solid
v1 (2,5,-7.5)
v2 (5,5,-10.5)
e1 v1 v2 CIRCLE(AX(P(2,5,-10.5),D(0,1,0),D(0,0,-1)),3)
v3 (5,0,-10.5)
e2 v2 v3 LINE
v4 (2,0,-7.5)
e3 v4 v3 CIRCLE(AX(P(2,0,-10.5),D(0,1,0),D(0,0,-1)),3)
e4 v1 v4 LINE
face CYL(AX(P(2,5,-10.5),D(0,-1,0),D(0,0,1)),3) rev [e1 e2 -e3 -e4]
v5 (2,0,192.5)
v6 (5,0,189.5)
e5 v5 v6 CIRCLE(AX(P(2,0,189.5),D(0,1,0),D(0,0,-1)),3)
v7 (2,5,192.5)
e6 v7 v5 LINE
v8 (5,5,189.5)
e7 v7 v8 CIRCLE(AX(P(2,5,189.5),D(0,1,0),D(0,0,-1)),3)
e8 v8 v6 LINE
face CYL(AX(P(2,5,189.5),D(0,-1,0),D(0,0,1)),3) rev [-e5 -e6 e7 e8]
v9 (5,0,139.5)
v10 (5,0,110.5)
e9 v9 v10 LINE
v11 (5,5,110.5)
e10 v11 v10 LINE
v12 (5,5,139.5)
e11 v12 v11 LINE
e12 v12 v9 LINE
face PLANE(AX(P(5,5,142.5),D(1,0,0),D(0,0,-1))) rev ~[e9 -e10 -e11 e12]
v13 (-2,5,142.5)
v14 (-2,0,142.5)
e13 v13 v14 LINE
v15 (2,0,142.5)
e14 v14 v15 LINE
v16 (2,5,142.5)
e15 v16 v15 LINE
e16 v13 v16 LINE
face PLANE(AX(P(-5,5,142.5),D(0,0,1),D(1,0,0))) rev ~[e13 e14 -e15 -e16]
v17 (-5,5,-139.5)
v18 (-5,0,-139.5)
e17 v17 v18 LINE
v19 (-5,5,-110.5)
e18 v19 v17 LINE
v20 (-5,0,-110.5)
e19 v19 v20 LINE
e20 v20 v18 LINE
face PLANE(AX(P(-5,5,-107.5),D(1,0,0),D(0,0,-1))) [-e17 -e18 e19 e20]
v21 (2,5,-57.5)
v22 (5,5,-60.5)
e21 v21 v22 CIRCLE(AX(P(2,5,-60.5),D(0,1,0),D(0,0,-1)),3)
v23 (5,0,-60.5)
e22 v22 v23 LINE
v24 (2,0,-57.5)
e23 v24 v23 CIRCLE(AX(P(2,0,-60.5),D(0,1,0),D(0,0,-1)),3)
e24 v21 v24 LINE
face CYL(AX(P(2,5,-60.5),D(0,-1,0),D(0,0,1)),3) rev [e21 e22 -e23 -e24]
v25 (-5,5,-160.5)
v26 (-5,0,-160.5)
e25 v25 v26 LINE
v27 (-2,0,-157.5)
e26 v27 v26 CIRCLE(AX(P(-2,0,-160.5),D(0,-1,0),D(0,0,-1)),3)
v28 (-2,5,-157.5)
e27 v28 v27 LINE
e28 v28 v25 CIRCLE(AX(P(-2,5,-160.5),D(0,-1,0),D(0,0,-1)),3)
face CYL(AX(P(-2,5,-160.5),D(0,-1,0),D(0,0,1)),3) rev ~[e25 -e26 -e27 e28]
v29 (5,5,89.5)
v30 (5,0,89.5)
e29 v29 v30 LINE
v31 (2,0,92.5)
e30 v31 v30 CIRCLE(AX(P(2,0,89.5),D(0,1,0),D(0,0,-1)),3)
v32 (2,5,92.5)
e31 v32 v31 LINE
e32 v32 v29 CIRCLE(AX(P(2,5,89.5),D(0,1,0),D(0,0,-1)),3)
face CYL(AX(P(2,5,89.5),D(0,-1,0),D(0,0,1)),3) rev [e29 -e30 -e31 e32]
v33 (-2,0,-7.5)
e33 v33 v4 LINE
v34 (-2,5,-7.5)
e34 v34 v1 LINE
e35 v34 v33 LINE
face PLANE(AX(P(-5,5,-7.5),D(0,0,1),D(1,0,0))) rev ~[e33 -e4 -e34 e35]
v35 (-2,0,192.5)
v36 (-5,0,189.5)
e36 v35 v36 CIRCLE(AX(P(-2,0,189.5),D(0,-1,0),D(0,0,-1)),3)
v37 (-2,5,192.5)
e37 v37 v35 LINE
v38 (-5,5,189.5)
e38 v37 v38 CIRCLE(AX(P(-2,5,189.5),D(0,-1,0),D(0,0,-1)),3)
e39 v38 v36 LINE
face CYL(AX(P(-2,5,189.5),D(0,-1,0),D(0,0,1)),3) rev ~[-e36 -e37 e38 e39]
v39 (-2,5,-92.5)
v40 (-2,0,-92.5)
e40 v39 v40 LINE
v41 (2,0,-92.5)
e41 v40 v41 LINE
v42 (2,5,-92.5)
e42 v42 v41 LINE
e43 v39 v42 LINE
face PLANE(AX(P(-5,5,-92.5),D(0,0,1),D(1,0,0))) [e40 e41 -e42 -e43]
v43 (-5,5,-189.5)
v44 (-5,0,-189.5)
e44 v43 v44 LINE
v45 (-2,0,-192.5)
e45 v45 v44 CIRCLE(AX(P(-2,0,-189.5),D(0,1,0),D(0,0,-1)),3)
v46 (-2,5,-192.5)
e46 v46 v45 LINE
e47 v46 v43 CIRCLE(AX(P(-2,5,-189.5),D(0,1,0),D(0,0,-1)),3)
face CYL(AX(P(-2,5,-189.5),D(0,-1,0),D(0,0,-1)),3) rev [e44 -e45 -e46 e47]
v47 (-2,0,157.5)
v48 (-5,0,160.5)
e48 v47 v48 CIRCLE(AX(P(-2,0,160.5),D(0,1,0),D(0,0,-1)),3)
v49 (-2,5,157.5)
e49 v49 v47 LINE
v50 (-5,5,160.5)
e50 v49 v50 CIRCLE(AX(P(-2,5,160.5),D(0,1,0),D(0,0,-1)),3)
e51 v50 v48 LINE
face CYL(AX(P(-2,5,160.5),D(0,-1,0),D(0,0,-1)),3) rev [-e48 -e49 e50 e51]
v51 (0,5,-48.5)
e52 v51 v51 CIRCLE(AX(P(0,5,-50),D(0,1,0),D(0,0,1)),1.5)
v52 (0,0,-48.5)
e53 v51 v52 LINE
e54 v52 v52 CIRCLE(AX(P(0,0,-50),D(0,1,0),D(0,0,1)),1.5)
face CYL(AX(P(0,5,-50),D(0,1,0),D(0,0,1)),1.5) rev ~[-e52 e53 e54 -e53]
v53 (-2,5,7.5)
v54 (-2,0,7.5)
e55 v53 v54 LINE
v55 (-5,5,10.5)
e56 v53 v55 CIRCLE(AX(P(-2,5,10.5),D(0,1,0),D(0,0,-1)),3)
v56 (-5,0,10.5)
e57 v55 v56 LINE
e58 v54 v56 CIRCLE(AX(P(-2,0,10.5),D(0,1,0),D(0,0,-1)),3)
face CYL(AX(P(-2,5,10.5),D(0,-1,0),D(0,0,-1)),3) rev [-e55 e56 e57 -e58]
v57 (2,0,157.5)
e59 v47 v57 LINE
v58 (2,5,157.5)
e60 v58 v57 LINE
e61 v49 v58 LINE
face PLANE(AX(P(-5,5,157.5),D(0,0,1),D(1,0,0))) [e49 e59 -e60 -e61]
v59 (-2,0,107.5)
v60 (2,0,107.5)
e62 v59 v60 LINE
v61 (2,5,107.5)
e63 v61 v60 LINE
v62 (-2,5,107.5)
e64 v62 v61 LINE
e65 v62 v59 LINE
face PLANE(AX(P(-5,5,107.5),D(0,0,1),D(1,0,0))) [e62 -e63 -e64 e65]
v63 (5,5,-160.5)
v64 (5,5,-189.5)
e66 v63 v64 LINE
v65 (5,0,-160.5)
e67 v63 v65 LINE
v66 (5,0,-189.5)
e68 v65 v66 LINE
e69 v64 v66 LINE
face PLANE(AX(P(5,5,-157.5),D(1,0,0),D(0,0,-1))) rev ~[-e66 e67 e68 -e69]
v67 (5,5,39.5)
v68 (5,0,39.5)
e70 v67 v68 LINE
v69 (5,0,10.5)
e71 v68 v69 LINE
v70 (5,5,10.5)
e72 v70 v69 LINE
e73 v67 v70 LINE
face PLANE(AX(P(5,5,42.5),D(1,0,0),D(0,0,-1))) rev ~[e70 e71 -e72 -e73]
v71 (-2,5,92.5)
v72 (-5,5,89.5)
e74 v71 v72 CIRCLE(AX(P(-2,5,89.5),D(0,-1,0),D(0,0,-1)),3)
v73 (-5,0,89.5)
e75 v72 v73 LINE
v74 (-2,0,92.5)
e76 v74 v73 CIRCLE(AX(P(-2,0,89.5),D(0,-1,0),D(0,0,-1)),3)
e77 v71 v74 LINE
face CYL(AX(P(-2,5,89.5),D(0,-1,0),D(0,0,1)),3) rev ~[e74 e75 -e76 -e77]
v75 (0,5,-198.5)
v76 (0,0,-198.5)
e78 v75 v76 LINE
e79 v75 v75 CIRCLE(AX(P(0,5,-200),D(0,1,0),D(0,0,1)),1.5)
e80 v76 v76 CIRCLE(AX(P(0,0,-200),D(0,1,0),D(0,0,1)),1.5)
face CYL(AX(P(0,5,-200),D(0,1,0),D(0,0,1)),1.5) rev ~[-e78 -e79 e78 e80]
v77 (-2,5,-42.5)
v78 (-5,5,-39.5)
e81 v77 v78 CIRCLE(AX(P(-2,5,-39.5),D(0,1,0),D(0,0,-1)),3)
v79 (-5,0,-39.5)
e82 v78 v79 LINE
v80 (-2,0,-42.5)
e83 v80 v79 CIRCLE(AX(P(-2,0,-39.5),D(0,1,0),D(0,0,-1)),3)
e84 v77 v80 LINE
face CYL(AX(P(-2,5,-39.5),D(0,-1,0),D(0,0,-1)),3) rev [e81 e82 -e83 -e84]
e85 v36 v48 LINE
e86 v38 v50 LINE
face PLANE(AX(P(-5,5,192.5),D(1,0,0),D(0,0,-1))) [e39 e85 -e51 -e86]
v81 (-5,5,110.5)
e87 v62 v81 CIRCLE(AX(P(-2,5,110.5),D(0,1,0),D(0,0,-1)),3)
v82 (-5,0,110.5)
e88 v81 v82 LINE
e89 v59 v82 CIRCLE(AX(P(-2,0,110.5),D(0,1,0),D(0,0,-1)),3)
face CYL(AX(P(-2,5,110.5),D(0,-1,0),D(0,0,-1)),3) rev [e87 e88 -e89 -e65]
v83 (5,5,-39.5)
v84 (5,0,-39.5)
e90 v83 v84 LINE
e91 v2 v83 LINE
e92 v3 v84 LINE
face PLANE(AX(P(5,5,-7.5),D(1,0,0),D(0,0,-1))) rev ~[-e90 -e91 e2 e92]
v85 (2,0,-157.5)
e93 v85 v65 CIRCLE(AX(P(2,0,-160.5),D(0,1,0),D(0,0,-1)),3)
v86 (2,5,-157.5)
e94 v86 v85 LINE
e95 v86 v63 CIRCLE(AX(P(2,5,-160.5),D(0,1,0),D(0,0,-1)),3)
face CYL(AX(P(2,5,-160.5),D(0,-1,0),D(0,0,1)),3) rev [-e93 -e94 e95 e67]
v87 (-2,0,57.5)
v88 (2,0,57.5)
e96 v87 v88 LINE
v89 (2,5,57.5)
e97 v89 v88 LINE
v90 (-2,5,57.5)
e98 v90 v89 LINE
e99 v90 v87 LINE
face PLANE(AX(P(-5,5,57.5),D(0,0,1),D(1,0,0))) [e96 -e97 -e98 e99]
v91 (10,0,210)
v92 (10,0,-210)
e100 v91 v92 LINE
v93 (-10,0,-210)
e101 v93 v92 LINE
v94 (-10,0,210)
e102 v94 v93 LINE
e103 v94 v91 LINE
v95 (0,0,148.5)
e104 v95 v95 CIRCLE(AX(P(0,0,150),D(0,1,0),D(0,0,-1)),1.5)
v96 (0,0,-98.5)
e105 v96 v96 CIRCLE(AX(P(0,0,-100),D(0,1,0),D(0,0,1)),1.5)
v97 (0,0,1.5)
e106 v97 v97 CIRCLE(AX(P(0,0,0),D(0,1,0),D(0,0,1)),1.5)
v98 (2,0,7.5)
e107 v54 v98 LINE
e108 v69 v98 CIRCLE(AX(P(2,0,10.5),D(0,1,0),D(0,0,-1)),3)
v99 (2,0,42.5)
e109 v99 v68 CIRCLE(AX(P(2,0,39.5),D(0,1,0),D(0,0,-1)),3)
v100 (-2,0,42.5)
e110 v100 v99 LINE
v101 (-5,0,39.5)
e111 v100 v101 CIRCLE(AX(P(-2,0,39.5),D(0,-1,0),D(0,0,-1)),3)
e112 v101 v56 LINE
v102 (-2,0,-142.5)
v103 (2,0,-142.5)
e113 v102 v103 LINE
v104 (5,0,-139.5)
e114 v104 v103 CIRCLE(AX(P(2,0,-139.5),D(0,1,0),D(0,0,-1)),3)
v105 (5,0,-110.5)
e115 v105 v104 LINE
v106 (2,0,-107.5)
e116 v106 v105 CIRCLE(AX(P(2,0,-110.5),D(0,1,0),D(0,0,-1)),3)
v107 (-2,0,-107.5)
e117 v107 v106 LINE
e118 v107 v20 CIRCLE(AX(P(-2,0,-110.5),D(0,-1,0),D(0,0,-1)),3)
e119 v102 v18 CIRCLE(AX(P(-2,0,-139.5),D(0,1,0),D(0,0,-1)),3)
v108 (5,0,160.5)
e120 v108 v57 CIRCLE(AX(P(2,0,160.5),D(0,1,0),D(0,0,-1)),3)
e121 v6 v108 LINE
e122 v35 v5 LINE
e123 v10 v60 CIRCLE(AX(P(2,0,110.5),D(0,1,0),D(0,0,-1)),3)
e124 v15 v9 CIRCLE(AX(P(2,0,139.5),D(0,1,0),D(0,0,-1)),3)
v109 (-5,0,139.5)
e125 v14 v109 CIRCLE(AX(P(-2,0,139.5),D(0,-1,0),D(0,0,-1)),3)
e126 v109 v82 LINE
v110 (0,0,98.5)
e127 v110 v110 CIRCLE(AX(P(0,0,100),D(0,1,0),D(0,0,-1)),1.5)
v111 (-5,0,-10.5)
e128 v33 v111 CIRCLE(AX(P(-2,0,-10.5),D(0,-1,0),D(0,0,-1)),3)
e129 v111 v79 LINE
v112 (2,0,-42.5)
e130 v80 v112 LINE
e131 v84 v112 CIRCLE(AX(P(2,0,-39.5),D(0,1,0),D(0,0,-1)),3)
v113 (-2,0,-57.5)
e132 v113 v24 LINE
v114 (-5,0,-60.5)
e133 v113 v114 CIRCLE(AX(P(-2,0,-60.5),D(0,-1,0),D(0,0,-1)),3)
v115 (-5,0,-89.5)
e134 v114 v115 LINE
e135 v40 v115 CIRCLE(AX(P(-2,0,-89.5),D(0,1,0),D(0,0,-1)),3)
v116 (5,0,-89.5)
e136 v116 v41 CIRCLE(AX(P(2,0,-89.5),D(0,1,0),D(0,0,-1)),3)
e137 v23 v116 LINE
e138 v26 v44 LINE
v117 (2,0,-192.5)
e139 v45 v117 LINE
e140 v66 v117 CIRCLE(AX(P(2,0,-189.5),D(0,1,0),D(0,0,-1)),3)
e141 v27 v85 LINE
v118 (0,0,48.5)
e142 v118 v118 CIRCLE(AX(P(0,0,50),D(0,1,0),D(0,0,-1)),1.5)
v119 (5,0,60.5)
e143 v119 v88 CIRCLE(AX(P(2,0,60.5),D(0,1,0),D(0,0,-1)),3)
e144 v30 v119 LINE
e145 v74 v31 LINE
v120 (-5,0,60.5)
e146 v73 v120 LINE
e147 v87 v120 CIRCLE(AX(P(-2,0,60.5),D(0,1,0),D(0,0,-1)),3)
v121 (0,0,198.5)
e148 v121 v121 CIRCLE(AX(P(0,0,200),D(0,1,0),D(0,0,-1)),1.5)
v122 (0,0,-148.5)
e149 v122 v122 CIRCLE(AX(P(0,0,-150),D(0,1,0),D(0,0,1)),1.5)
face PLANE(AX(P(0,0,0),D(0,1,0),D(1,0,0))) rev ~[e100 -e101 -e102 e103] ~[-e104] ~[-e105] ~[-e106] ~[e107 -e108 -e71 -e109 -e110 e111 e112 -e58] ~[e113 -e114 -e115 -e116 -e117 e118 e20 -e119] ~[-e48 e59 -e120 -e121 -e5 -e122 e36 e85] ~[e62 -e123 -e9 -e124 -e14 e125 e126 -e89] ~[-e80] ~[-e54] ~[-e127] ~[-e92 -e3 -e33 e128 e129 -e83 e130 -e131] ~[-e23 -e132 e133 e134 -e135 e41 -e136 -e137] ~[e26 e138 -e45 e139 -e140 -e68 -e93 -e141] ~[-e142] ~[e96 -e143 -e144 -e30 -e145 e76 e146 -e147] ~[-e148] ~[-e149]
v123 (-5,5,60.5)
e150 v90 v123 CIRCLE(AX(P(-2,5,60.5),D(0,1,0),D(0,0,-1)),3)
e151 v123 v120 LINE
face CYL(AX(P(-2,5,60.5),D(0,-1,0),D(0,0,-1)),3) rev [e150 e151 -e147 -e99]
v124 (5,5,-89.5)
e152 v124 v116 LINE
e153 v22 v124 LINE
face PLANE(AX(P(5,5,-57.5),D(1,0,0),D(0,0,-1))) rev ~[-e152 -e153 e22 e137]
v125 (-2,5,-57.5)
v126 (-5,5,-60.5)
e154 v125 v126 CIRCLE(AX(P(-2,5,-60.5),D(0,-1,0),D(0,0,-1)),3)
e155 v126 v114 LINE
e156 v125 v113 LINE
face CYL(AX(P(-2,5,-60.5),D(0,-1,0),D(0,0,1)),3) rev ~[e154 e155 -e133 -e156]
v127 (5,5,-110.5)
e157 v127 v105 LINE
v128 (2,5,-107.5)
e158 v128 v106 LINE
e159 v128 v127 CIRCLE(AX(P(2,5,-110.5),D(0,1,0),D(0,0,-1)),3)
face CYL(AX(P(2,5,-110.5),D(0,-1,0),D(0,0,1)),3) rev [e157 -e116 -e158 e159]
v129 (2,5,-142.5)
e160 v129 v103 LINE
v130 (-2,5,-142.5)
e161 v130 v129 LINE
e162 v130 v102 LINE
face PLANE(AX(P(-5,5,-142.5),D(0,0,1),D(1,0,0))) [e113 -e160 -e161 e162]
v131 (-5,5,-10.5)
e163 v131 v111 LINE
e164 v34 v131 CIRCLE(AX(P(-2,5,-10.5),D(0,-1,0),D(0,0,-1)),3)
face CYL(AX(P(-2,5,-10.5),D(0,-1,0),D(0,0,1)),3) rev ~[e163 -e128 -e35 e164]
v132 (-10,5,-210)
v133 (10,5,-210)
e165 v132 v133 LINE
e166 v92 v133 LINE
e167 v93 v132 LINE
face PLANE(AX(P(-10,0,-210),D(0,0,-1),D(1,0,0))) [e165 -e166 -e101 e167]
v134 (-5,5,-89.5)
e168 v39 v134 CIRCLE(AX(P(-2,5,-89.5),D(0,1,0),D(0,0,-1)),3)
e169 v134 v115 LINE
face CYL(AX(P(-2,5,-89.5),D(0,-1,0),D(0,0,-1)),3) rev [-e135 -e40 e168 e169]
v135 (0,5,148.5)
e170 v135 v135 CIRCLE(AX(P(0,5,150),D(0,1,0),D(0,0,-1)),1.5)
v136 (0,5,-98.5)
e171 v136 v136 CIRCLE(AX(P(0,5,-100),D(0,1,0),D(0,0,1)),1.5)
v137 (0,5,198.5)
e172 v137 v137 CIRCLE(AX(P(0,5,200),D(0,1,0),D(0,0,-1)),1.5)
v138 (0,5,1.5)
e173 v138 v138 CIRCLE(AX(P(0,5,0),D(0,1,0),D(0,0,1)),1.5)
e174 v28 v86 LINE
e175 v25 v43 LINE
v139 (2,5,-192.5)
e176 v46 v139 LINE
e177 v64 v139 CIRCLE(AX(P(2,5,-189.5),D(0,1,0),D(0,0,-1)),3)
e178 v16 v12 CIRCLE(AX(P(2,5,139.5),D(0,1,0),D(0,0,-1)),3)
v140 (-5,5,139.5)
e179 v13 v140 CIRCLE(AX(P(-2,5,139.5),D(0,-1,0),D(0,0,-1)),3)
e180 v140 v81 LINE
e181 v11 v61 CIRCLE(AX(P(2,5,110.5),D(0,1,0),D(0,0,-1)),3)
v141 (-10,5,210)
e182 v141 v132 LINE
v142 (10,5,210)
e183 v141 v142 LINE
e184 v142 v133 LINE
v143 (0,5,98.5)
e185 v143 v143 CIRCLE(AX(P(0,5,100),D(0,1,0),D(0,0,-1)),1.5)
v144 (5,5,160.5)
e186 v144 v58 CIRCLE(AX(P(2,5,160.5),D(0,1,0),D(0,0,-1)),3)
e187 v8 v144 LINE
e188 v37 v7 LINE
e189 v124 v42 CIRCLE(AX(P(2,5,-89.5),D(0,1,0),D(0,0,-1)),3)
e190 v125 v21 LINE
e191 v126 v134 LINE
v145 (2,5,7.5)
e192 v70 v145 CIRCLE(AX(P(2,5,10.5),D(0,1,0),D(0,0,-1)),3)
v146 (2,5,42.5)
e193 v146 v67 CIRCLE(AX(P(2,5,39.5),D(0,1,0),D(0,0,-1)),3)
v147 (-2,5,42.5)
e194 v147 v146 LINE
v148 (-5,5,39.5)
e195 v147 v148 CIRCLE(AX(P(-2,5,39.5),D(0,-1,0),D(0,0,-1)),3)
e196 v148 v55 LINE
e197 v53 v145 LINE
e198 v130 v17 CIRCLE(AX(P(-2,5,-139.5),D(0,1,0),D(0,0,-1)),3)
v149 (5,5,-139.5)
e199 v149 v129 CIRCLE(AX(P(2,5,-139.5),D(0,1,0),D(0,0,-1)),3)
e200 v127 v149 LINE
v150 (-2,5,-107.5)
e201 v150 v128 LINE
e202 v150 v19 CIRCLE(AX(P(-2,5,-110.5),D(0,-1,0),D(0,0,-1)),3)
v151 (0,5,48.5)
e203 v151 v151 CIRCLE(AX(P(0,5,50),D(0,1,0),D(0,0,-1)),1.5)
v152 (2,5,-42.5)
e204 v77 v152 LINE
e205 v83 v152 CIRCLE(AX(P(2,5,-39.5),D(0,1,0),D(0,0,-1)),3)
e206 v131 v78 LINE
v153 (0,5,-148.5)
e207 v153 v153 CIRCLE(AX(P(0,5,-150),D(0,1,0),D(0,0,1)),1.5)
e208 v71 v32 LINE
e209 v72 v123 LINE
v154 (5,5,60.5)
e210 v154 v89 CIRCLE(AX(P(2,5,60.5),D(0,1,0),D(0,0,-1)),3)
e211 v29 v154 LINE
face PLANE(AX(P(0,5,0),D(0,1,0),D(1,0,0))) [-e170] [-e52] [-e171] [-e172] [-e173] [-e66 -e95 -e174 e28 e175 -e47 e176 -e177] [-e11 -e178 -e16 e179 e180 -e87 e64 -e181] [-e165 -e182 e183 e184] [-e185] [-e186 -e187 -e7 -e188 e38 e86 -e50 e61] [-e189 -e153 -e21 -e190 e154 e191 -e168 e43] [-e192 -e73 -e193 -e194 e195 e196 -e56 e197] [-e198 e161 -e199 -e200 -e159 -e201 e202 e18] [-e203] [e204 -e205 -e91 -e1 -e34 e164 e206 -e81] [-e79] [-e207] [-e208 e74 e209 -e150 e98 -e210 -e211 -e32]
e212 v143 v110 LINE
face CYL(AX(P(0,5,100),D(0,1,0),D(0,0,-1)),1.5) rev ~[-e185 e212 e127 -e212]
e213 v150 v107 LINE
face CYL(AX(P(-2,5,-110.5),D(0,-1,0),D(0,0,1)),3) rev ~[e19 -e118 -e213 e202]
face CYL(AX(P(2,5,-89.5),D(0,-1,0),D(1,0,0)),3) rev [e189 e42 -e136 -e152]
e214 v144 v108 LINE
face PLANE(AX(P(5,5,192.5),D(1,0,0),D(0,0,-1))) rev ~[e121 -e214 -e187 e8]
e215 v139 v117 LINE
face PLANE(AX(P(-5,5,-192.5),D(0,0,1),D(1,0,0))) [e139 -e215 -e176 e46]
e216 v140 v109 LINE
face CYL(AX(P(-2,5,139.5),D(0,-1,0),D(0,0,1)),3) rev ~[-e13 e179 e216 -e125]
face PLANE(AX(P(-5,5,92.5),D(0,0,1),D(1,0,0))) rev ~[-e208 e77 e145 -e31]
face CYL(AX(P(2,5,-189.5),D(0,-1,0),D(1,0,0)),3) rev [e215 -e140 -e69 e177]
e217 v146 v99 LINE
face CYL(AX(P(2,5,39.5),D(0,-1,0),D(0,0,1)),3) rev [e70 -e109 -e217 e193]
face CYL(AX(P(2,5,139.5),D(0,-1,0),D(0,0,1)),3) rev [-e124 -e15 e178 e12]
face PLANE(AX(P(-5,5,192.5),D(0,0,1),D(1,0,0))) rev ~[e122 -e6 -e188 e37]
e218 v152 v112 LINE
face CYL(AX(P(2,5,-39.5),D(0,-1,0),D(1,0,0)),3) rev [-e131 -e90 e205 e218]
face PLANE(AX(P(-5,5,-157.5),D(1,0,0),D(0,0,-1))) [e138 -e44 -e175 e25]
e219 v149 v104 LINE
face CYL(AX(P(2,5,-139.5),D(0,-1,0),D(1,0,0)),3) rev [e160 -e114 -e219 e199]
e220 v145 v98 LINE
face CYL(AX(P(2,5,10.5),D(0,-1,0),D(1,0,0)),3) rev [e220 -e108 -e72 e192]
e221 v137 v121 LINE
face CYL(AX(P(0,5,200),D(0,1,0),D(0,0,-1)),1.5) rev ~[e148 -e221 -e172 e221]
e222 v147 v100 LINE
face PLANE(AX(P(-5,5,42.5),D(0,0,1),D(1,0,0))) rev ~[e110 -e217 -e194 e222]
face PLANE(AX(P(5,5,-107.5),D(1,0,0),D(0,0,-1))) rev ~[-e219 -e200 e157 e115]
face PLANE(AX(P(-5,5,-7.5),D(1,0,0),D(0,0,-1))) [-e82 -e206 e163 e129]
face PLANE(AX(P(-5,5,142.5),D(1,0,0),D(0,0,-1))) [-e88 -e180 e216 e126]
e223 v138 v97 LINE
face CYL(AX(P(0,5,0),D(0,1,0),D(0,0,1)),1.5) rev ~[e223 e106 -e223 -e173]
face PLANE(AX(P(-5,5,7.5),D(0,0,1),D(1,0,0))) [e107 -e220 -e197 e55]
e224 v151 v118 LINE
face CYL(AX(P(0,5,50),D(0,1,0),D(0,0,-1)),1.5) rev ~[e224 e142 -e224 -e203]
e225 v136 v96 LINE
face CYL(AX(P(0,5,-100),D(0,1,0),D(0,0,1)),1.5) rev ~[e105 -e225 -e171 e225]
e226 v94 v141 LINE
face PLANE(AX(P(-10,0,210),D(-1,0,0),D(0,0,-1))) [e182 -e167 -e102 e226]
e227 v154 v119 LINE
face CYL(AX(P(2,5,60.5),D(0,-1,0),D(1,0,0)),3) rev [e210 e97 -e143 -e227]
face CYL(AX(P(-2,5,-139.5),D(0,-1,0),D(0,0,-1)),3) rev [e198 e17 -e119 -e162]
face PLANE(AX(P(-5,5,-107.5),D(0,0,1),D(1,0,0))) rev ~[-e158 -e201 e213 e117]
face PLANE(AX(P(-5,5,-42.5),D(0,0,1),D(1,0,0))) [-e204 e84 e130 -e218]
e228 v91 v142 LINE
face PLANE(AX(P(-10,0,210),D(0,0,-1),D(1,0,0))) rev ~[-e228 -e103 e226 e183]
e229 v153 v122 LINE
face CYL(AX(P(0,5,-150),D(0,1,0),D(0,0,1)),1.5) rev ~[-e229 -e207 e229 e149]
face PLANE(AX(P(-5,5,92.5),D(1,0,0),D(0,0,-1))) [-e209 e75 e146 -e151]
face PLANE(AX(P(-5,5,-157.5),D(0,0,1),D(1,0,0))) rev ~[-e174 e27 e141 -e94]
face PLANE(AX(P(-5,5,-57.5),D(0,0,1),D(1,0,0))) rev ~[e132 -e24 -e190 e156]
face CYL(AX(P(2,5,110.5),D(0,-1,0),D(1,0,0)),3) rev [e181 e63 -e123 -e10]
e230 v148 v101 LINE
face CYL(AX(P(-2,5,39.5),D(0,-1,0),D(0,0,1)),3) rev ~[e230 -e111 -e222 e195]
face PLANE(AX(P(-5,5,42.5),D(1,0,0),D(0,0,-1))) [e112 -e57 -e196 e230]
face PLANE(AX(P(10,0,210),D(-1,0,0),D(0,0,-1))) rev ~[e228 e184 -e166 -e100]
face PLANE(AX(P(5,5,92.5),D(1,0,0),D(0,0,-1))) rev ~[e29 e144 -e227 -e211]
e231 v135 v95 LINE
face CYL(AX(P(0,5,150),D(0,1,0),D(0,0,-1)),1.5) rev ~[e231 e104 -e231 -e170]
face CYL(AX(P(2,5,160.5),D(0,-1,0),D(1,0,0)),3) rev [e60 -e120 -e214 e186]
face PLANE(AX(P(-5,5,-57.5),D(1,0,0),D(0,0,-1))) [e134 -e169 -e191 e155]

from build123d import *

# Parameters (mm, degrees)
SKETCH_1_W          = 20
SKETCH_1_H          = 420
EXTRUDE_1_DEPTH     = 5
SKETCH_2_R          = 1.5
CUT_EXTRUDE_1_DEPTH = 211.297408448
SKETCH_3_W          = 10
SKETCH_3_H          = 35
CUT_EXTRUDE_2_DEPTH = 211.297408448
FILLET_1_R          = 3


with BuildPart() as part:
    # 草图1 → 凸台-拉伸1 (new body)
    with BuildSketch(Plane(origin=(0, 0, 0), x_dir=(1, 0, 0), z_dir=(0, 1, 0))):
        Rectangle(SKETCH_1_W, SKETCH_1_H)
    extrude(amount=EXTRUDE_1_DEPTH)

    # 草图2 → 切除-拉伸1 (cut, through all)
    with BuildSketch(Plane(origin=(0, 5, 0), x_dir=(1, 0, 0), z_dir=(0, 1, 0))):
        with Locations(Location((0, 0, 0), (0, 0, 270))):
            Circle(SKETCH_2_R)
        with Locations(Location((0, 50, 0), (0, 0, 270))):
            Circle(SKETCH_2_R)
        with Locations(Location((0, 100, 0), (0, 0, 270))):
            Circle(SKETCH_2_R)
        with Locations(Location((0, 150, 0), (0, 0, 270))):
            Circle(SKETCH_2_R)
        with Locations(Location((0, 200, 0), (0, 0, 270))):
            Circle(SKETCH_2_R)
        with Locations(Location((0, -200, 0), (0, 0, 90))):
            Circle(SKETCH_2_R)
        with Locations(Location((0, -150, 0), (0, 0, 90))):
            Circle(SKETCH_2_R)
        with Locations(Location((0, -100, 0), (0, 0, 90))):
            Circle(SKETCH_2_R)
        with Locations(Location((0, -50, 0), (0, 0, 90))):
            Circle(SKETCH_2_R)
    extrude(amount=-CUT_EXTRUDE_1_DEPTH, mode=Mode.SUBTRACT)

    # 草图3 → 切除-拉伸2 (cut, through all)
    with BuildSketch(Plane(origin=(0, 5, 0), x_dir=(1, 0, 0), z_dir=(0, 1, 0))):
        with Locations((0, 125)):
            Rectangle(SKETCH_3_W, SKETCH_3_H)
        with Locations((0, 175)):
            Rectangle(SKETCH_3_W, SKETCH_3_H)
        with Locations((0, 75)):
            Rectangle(SKETCH_3_W, SKETCH_3_H)
        with Locations((0, 25)):
            Rectangle(SKETCH_3_W, SKETCH_3_H)
        with Locations((0, -25)):
            Rectangle(SKETCH_3_W, SKETCH_3_H)
        with Locations((0, -75)):
            Rectangle(SKETCH_3_W, SKETCH_3_H)
        with Locations((0, -125)):
            Rectangle(SKETCH_3_W, SKETCH_3_H)
        with Locations((0, -175)):
            Rectangle(SKETCH_3_W, SKETCH_3_H)
    extrude(amount=-CUT_EXTRUDE_2_DEPTH, mode=Mode.SUBTRACT)

    # 圆角1
    fillet_1_edges = [part.edges().sort_by_distance(p)[0] for p in [
        (-5, 2.5, -42.5),
        (5, 2.5, -42.5),
        (5, 2.5, -7.5),
        (-5, 2.5, -7.5),
        (-5, 2.5, 7.5),
        (5, 2.5, 7.5),
        (5, 2.5, 42.5),
        (-5, 2.5, 42.5),
        (-5, 2.5, 57.5),
        (5, 2.5, 57.5),
        (5, 2.5, 92.5),
        (-5, 2.5, 92.5),
        (-5, 2.5, 107.5),
        (5, 2.5, 107.5),
        (5, 2.5, 142.5),
        (-5, 2.5, 142.5),
        (-5, 2.5, 157.5),
        (5, 2.5, 157.5),
        (5, 2.5, 192.5),
        (-5, 2.5, 192.5),
        (5, 2.5, -192.5),
        (5, 2.5, -157.5),
        (-5, 2.5, -157.5),
        (-5, 2.5, -192.5),
        (-5, 2.5, -142.5),
        (5, 2.5, -142.5),
        (5, 2.5, -107.5),
        (-5, 2.5, -107.5),
        (-5, 2.5, -92.5),
        (5, 2.5, -92.5),
        (5, 2.5, -57.5),
        (-5, 2.5, -57.5),
    ]]
    fillet(fillet_1_edges, radius=FILLET_1_R)


solid = part.part
